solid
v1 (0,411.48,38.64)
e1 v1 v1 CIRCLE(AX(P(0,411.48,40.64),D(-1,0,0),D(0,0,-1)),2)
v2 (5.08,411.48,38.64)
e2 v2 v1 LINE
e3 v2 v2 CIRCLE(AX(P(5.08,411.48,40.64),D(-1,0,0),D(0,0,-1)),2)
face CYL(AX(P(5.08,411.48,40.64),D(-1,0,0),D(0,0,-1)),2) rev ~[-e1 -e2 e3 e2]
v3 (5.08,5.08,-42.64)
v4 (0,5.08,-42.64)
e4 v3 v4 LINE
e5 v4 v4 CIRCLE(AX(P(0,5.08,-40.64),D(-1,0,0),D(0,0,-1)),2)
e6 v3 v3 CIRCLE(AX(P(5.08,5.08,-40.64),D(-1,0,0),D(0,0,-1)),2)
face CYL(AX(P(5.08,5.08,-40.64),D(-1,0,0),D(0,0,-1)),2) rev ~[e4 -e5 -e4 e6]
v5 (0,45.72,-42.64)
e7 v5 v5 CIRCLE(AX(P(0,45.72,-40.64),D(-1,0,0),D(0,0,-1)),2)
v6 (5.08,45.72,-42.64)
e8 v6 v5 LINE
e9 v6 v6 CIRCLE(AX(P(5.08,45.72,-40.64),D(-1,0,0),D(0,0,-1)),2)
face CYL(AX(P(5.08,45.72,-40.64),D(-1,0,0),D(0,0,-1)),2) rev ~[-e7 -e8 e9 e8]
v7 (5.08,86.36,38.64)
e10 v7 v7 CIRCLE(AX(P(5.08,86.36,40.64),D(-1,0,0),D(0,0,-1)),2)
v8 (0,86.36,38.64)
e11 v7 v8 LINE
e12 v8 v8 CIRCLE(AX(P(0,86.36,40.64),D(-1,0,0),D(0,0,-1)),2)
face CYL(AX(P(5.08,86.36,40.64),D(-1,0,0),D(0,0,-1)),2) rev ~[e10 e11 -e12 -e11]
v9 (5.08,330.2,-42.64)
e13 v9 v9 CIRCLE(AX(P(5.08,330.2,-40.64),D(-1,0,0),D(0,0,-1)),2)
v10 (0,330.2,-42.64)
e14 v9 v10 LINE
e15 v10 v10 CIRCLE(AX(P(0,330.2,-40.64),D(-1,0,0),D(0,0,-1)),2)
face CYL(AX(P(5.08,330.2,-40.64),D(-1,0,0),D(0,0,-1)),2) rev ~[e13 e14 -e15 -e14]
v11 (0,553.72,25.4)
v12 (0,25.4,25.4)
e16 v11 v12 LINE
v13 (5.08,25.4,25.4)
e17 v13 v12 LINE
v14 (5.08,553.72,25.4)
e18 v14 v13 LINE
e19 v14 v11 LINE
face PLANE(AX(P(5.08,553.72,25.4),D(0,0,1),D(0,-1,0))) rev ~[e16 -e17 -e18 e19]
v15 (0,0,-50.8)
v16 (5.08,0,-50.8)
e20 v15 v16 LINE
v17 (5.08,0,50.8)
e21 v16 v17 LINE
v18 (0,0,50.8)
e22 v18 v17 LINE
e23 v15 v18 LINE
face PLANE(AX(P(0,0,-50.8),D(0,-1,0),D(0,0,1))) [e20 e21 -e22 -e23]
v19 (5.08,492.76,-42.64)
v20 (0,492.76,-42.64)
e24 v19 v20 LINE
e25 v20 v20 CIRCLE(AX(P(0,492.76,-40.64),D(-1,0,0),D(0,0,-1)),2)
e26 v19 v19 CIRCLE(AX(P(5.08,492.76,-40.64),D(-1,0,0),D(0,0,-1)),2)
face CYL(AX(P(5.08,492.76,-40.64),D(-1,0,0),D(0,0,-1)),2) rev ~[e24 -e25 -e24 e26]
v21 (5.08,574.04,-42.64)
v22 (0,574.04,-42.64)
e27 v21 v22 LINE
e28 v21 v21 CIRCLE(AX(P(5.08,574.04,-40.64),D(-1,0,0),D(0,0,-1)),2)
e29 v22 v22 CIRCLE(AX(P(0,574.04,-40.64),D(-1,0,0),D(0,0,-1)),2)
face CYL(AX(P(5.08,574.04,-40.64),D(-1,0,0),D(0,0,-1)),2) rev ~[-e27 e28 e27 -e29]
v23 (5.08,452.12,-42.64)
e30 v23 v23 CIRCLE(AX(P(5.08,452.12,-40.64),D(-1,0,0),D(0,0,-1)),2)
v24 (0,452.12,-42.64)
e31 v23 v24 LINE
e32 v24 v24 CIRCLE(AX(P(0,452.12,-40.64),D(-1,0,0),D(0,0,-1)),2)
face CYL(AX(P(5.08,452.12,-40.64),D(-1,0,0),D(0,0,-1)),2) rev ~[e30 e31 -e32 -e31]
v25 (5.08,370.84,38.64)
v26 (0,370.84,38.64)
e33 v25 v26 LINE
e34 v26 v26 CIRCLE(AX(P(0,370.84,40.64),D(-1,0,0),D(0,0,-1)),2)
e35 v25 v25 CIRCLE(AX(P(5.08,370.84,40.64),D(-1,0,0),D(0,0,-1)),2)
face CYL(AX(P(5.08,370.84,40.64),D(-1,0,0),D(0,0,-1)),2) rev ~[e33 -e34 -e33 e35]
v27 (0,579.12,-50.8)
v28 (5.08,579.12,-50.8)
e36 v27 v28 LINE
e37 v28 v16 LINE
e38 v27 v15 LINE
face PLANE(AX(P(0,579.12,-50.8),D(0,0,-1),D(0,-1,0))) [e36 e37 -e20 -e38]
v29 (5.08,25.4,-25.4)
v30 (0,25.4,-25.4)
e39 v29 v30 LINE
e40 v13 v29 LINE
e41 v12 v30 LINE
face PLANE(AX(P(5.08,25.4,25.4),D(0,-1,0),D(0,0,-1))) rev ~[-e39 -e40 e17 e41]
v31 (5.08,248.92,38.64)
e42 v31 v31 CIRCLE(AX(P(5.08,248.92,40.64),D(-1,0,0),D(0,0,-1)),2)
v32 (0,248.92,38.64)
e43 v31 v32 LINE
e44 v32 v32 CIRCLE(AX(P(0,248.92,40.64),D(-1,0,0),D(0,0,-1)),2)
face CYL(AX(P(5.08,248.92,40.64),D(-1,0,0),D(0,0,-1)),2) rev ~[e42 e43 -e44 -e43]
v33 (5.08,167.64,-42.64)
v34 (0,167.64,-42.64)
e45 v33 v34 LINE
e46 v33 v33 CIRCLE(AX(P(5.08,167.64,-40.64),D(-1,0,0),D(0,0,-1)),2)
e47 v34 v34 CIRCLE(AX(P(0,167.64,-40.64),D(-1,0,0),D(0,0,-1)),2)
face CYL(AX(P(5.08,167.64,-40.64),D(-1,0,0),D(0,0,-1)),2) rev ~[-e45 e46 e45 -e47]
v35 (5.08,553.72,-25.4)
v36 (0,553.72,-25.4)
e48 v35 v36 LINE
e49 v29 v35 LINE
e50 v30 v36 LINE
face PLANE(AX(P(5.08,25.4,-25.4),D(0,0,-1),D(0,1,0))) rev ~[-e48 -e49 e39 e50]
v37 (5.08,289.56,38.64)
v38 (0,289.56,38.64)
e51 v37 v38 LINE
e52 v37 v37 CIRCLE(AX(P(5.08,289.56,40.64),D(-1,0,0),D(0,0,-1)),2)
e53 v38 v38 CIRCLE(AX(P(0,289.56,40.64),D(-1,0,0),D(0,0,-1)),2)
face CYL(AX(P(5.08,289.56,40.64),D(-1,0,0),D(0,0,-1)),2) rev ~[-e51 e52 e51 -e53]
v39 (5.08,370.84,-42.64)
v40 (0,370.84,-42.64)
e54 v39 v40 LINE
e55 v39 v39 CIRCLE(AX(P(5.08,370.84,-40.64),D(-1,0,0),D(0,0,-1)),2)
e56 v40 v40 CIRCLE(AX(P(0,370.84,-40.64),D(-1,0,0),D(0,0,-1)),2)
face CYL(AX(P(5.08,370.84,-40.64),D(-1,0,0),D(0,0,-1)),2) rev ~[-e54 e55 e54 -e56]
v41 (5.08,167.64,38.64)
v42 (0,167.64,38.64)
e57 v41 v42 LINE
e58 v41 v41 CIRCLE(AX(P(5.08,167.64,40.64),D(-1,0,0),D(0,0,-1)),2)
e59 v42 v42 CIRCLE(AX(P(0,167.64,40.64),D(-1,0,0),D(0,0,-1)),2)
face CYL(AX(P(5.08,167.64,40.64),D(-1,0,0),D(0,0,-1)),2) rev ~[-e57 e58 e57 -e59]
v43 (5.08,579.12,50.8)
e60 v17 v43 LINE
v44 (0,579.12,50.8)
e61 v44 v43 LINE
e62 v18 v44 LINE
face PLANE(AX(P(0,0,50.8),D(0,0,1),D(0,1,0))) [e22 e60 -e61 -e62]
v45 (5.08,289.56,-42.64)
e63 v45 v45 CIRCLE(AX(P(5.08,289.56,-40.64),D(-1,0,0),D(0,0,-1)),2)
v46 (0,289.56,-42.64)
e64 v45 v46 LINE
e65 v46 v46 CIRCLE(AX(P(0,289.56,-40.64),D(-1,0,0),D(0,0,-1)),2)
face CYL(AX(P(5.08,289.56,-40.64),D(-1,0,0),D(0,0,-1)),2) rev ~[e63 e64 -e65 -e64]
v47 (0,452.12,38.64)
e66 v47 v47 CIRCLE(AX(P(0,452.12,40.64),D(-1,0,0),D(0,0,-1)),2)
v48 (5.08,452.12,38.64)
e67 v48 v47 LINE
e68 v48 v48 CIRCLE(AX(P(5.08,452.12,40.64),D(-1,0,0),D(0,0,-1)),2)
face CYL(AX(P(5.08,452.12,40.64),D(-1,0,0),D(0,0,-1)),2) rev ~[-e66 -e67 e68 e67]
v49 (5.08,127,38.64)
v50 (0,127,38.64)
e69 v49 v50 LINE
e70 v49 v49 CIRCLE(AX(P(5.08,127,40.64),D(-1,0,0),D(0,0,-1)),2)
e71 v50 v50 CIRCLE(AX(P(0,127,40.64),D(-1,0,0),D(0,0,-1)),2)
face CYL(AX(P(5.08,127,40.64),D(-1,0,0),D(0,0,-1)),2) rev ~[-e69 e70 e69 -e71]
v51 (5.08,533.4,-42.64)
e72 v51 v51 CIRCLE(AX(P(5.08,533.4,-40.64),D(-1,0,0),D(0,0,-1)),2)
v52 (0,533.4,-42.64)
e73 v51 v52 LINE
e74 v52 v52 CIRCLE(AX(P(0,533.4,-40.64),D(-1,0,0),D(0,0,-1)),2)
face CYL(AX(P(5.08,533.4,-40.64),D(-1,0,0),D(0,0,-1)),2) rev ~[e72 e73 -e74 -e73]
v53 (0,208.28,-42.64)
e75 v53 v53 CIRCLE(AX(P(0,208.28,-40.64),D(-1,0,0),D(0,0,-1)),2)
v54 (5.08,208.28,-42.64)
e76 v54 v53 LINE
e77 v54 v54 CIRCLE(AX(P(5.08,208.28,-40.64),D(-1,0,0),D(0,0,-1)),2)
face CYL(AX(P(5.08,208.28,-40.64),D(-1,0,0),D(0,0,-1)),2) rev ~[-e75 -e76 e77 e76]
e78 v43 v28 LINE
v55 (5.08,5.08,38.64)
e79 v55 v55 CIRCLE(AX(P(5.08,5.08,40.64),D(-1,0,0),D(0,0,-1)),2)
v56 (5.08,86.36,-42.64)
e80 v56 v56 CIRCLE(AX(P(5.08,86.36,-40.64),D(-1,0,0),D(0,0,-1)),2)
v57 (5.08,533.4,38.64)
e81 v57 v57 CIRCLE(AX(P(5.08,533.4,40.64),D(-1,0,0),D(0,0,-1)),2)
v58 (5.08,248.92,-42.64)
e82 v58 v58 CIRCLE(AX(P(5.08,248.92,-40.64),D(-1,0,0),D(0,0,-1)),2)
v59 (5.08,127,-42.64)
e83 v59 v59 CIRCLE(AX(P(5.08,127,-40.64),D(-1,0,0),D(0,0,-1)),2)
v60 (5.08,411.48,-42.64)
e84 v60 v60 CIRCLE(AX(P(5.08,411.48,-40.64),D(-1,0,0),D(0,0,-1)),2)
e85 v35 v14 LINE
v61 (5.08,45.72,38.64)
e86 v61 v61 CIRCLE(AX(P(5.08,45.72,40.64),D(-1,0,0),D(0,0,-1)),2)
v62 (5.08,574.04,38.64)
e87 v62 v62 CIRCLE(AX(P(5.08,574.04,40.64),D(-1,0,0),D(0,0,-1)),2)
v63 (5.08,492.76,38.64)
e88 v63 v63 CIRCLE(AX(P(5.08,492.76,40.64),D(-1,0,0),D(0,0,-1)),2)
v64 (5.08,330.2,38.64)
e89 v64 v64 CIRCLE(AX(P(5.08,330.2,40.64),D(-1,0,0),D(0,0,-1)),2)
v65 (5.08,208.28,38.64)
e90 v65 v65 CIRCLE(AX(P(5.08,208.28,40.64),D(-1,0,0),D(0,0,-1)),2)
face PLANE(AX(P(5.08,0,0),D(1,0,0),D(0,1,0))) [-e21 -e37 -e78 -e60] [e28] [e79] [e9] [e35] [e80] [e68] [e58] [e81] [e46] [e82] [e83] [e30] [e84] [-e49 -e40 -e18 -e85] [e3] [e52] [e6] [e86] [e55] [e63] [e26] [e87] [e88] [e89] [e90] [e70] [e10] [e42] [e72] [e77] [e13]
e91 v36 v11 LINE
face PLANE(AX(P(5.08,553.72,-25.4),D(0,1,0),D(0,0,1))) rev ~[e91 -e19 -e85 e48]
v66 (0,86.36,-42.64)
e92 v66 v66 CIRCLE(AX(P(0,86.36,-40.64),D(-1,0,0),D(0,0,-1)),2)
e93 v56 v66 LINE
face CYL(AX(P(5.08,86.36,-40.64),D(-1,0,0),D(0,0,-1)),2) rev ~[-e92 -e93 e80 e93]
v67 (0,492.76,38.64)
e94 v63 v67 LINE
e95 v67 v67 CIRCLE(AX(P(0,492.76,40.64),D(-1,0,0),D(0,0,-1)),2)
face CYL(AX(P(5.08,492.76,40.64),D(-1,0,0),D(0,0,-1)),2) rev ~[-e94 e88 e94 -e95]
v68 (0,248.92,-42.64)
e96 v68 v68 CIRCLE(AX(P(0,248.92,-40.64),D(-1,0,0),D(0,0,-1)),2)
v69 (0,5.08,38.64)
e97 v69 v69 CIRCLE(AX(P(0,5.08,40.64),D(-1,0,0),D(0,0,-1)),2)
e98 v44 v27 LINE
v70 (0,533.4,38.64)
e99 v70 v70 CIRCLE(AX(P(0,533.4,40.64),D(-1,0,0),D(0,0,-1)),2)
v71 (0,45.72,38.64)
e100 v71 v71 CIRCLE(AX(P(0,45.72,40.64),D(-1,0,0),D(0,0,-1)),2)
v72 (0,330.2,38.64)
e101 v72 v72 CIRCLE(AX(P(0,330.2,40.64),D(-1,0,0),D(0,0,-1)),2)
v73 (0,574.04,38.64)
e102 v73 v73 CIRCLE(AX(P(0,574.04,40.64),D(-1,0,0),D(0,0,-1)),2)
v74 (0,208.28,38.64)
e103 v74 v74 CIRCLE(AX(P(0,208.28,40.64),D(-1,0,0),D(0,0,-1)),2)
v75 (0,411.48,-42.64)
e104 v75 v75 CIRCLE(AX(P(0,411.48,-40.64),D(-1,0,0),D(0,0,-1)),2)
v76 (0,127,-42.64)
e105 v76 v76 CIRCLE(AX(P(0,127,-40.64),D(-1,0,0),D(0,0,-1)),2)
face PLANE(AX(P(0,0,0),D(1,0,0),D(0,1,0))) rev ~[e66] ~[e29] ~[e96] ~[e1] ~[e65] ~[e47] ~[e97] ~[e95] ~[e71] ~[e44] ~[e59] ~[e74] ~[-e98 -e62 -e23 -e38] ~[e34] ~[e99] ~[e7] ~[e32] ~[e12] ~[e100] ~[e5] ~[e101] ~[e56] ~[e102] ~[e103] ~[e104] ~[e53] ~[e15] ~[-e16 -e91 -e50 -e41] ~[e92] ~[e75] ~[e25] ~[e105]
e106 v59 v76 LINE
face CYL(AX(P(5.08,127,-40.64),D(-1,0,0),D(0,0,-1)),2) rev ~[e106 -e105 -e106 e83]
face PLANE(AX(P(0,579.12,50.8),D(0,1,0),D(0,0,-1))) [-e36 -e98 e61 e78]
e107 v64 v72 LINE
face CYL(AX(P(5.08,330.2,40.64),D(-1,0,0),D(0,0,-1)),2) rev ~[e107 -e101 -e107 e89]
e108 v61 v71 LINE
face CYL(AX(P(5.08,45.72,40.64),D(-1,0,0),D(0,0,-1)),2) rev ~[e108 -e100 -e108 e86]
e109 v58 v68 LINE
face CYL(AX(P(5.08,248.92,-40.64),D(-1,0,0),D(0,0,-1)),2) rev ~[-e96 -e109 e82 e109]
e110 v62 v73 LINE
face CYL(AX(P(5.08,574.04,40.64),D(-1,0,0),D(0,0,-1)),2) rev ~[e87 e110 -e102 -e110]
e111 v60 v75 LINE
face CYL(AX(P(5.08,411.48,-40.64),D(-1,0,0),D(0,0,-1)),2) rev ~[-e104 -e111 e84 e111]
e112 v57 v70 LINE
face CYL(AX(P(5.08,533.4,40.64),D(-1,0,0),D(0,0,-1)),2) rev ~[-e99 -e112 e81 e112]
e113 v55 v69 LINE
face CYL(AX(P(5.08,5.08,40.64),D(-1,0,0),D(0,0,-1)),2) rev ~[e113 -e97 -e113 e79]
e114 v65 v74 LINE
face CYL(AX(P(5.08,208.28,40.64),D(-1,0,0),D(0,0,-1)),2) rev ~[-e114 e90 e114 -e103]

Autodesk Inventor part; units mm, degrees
ref_plane "YZ Plane" through (0, 0, 0) normal (1, 0, 0) x (0, 1, 0)
ref_plane "XZ Plane" through (0, 0, 0) normal (0, 1, 0) x (-1, 0, 0)
ref_plane "XY Plane" through (0, 0, 0) normal (0, 0, 1) x (1, 0, 0)
sketch "Sketch1" plane through (0, 0, 0) normal (1, 0, 0) x (0, 1, 0)
  line L0 (0, 50.8) -> (579.12, 50.8)
  line L1 (579.12, 50.8) -> (579.12, -50.8)
  line L2 (579.12, -50.8) -> (0, -50.8)
  line L3 (0, -50.8) -> (0, 50.8)
  point P0 (0, 0)
  point P1 (0, 0)
  dimension "d0" = 579.12
  dimension "d1" = 101.6
extrude "Extrusion1" add sketch "Sketch1" along normal blind 5.08
sketch "Sketch2" plane through (5.08, 0, 0) normal (1, 0, 0) x (0, 0, -1)
  line L0 (-50.8, 579.12) -> (-50.8, 0) projected
  line L1 (-50.8, 0) -> (50.8, 0) projected
  line L2 (50.8, 0) -> (50.8, 579.12) projected
  line L3 (50.8, 579.12) -> (-50.8, 579.12) projected
  line L4 (-25.4, 553.72) -> (-25.4, 25.4)
  line L5 (-25.4, 25.4) -> (25.4, 25.4)
  line L6 (25.4, 25.4) -> (25.4, 553.72)
  line L7 (25.4, 553.72) -> (-25.4, 553.72)
  point P0 (0, 0)
  dimension "d4" = 50.8
extrude "Extrusion2" cut sketch "Sketch2" against normal blind 5.08 contours L7 L6 L5 L4
sketch "Sketch3" plane through (5.08, 0, 0) normal (1, 0, 0) x (0, 0, -1)
  circle A0 centre (-40.64, 45.72) radius 2 projected
  circle A1 centre (40.64, 5.08) radius 2 projected
  circle A2 centre (-40.64, 5.08) radius 2 projected
  circle A3 centre (40.64, 45.72) radius 2 projected
  line L0 (-42.545, 0) -> (42.545, 0) projected
  line L1 (45.72, 3.175) -> (45.72, 62.865) projected
  line L2 (42.545, 66.04) -> (38.735, 66.04) projected
  line L3 (35.56, 62.865) -> (35.56, 10.16) projected
  line L4 (35.56, 10.16) -> (-35.56, 10.16) projected
  line L5 (-35.56, 10.16) -> (-35.56, 62.865) projected
  line L6 (-38.735, 66.04) -> (-42.545, 66.04) projected
  line L7 (-45.72, 62.865) -> (-45.72, 3.175) projected
  arc A4 (-45.72, 3.175) -> (-42.545, 0) centre (-42.545, 3.175) ccw projected
  arc A5 (42.545, 0) -> (45.72, 3.175) centre (42.545, 3.175) ccw projected
  arc A6 (45.72, 62.865) -> (42.545, 66.04) centre (42.545, 62.865) ccw projected
  arc A7 (38.735, 66.04) -> (35.56, 62.865) centre (38.735, 62.865) ccw projected
  arc A8 (-35.56, 62.865) -> (-38.735, 66.04) centre (-38.735, 62.865) ccw projected
  arc A9 (-42.545, 66.04) -> (-45.72, 62.865) centre (-42.545, 62.865) ccw projected
  point P0 (0, 0)
  point P1 (-40.64, 45.72)
  point P2 (40.64, 5.08)
  point P3 (40.64, 45.72)
  point P4 (-40.64, 86.36)
  point P5 (40.64, 86.36)
  point P6 (-40.64, 127)
  point P7 (40.64, 127)
  point P8 (-40.64, 167.64)
  point P9 (40.64, 167.64)
  point P10 (-40.64, 208.28)
  point P11 (40.64, 208.28)
  point P12 (-40.64, 248.92)
  point P13 (40.64, 248.92)
  point P14 (-40.64, 289.56)
  point P15 (40.64, 289.56)
  point P16 (-40.64, 330.2)
  point P17 (40.64, 330.2)
  point P18 (-40.64, 370.84)
  point P19 (40.64, 370.84)
  point P20 (-40.64, 411.48)
  point P21 (40.64, 411.48)
  point P22 (-40.64, 452.12)
  point P23 (40.64, 452.12)
  point P24 (-40.64, 492.76)
  point P25 (40.64, 492.76)
  point P26 (-40.64, 533.4)
  point P27 (40.64, 533.4)
  point P28 (-40.64, 574.04)
  point P29 (40.64, 574.04)
  dimension "d9" = 40.64
hole "Hole1" at (5.08, 5.08, 40.64) at (5.08, 45.72, 40.64) at (5.08, 5.08, -40.64) at (5.08, 45.72, -40.64) at (5.08, 86.36, 40.64) at (5.08, 86.36, -40.64) at (5.08, 127, 40.64) at (5.08, 127, -40.64) at (5.08, 167.64, 40.64) at (5.08, 167.64, -40.64) at (5.08, 208.28, 40.64) at (5.08, 208.28, -40.64) at (5.08, 248.92, 40.64) at (5.08, 248.92, -40.64) at (5.08, 289.56, 40.64) at (5.08, 289.56, -40.64) at (5.08, 330.2, 40.64) at (5.08, 330.2, -40.64) at (5.08, 370.84, 40.64) at (5.08, 370.84, -40.64) at (5.08, 411.48, 40.64) at (5.08, 411.48, -40.64) at (5.08, 452.12, 40.64) at (5.08, 452.12, -40.64) at (5.08, 492.76, 40.64) at (5.08, 492.76, -40.64) at (5.08, 533.4, 40.64) at (5.08, 533.4, -40.64) at (5.08, 574.04, 40.64) at (5.08, 574.04, -40.64) direction (-1, 0, 0) diameter 4 end through all
properties part number "Arm" material "Wood (Birch)"
